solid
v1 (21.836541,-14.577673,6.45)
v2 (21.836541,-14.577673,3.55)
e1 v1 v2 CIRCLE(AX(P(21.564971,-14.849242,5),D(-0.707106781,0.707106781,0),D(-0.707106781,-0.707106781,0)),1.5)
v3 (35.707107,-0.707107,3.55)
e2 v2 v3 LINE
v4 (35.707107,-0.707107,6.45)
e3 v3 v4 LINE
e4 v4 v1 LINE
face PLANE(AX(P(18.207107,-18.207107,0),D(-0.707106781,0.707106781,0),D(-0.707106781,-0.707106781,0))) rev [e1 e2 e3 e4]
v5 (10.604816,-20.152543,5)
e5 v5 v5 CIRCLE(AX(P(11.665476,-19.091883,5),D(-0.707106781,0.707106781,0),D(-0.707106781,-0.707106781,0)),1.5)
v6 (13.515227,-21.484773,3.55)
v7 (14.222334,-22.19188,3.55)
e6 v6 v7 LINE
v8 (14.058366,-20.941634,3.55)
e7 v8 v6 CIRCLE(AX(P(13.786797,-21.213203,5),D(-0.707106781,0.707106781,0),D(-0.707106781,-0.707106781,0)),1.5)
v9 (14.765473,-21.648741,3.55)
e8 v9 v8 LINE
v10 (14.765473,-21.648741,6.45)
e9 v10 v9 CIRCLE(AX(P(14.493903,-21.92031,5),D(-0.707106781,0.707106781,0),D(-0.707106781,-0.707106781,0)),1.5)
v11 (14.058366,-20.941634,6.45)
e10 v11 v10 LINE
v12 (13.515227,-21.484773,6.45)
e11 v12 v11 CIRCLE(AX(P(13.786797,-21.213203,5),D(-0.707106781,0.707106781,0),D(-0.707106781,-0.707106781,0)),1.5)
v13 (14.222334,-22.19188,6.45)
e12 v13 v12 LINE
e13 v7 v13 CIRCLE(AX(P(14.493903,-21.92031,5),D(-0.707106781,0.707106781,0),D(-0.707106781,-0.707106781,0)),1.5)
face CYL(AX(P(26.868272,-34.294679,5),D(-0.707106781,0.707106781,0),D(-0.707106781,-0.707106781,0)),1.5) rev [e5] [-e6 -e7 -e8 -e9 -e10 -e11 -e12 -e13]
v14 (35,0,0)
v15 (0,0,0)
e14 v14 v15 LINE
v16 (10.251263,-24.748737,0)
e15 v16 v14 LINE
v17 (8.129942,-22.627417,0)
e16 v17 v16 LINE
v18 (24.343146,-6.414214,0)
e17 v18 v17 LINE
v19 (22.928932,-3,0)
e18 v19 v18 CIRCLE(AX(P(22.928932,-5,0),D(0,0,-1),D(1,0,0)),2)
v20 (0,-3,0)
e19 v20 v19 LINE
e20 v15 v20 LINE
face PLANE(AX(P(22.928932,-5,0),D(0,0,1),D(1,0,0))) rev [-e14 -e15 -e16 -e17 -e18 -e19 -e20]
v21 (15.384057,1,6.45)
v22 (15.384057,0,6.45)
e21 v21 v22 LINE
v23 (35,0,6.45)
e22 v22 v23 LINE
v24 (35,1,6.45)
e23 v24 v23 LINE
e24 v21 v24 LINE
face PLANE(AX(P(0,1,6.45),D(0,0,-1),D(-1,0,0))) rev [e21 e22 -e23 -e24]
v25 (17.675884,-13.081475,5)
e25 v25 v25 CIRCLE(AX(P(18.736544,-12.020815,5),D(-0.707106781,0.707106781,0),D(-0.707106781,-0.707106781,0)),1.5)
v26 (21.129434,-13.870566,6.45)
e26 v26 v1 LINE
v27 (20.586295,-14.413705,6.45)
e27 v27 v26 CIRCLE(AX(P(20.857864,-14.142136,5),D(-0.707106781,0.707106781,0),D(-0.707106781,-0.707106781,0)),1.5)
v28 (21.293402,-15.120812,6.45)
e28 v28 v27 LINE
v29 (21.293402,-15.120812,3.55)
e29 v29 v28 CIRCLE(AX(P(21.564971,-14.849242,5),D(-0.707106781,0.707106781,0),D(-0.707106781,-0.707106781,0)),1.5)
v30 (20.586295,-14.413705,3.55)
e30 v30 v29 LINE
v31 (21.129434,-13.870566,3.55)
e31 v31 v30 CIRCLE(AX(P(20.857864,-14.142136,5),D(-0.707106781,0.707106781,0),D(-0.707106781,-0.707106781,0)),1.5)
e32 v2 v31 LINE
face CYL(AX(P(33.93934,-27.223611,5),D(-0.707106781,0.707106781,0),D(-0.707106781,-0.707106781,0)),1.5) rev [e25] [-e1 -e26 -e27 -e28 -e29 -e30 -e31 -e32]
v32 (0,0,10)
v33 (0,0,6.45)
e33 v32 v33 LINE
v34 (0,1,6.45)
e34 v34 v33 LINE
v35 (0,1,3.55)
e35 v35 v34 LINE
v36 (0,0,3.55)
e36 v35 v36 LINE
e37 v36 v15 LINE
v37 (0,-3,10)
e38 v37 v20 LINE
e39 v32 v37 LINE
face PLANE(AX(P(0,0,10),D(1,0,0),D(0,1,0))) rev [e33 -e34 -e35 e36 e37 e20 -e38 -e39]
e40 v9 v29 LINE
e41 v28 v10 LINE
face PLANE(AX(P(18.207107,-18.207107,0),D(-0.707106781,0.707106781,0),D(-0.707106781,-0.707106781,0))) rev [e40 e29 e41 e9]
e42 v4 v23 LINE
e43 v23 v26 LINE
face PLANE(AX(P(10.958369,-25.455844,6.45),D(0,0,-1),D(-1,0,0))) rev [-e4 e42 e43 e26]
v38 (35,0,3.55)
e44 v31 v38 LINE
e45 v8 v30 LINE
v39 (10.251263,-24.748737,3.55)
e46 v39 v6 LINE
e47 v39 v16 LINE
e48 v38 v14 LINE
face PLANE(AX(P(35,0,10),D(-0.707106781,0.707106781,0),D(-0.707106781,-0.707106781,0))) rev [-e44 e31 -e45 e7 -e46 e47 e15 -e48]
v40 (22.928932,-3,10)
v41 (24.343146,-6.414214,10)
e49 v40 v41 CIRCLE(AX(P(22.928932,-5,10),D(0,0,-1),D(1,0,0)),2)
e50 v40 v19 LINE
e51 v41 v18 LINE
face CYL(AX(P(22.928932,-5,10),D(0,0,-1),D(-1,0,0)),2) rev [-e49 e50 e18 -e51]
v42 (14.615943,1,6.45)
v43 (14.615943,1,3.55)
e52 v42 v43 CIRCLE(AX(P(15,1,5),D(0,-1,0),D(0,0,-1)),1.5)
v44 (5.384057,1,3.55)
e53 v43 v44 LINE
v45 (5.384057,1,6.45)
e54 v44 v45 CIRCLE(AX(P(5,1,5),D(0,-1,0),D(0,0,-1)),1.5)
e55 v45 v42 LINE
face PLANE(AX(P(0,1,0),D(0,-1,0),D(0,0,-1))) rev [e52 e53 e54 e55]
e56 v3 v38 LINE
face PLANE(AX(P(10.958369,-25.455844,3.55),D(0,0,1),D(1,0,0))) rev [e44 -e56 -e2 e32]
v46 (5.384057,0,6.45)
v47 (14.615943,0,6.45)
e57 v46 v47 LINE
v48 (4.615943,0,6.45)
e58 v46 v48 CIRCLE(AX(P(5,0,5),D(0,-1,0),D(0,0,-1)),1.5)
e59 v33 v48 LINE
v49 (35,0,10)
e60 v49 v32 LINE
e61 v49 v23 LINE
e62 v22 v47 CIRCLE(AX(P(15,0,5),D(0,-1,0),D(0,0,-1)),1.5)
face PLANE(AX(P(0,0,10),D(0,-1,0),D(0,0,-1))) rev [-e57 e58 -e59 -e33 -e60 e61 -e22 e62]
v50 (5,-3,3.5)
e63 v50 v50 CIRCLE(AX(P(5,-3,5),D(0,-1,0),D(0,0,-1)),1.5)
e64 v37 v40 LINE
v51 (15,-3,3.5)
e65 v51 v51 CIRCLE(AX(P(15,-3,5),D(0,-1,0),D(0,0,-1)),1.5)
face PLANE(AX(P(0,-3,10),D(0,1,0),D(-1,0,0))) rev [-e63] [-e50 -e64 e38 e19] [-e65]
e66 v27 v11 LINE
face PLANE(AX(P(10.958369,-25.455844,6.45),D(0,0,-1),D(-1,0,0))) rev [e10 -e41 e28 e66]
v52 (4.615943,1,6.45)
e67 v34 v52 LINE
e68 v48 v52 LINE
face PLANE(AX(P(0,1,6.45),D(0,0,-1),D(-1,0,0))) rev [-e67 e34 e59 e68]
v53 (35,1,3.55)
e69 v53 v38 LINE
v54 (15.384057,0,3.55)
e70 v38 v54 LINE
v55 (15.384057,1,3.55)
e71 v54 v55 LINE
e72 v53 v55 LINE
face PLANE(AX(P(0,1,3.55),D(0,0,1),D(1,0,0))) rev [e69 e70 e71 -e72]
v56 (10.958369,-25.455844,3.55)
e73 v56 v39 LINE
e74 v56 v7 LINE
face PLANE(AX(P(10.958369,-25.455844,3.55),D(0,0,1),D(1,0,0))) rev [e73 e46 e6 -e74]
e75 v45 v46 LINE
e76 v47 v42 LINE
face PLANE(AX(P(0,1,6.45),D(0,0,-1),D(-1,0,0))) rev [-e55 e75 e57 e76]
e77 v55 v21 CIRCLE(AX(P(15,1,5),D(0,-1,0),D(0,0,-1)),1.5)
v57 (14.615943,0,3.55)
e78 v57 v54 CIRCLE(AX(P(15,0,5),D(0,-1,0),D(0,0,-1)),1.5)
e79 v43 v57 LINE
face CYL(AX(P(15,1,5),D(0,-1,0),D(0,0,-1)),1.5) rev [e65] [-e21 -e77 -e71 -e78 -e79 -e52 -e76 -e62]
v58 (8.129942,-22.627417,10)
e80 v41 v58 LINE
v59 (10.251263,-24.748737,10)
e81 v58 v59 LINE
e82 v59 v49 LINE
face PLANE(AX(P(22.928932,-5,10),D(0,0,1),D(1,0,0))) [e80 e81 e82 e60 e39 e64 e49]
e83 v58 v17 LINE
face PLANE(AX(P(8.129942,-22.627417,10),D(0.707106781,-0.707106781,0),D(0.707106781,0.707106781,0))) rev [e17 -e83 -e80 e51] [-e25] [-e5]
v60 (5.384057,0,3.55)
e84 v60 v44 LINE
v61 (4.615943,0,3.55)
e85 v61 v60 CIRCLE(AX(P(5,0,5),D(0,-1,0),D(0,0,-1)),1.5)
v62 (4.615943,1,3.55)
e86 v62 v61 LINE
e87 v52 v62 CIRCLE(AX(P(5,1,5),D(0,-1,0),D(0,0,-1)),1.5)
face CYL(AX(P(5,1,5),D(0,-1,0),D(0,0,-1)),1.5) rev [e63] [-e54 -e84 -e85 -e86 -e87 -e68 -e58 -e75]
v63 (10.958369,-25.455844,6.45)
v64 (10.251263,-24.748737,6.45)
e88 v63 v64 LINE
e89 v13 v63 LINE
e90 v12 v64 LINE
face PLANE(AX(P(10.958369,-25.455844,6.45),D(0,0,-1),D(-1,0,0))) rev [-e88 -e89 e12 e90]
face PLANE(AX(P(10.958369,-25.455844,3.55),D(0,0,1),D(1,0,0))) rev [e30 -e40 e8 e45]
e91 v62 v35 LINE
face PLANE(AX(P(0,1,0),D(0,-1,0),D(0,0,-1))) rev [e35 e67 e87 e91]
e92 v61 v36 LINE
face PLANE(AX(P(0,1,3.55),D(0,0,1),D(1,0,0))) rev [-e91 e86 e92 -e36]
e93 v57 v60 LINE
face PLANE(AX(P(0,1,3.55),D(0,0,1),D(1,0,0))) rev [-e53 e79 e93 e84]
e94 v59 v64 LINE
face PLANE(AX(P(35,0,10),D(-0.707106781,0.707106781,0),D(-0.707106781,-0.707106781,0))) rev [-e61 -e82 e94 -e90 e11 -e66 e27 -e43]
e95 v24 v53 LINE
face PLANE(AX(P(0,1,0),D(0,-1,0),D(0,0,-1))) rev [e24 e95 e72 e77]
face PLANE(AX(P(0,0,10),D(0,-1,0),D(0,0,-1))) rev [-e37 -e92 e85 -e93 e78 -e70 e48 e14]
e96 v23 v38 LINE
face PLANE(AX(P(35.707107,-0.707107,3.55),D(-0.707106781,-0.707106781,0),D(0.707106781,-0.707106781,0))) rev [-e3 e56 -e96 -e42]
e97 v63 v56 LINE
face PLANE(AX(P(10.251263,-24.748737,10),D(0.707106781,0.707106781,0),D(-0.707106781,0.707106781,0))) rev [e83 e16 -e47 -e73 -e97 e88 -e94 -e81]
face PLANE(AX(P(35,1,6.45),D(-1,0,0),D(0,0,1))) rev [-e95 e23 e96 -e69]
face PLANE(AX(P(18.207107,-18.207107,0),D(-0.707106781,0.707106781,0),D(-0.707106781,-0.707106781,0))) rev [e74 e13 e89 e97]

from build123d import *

# Parameters (mm, degrees)
BOSS_EXTRU_1_DEPTH      = 10
ESQUISSE2_W             = 35
ESQUISSE2_H             = 2.9
BOSS_EXTRU_2_DEPTH      = 1
ESQUISSE3_W             = 35
ESQUISSE3_H             = 2.9
BOSS_EXTRU_3_DEPTH      = 1
ESQUISSE4_R             = 1.5
ENL_V_MAT_EXTRU_1_DEPTH = 5
ESQUISSE5_R             = 1.5
ENL_V_MAT_EXTRU_2_DEPTH = 22.5


with BuildPart() as part:
    # Esquisse1 → Boss.-Extru.1 (new body)
    with BuildSketch(Plane.XY):
        with BuildLine():
            Line((0, 0), (35, 0))
            Line((35, 0), (10.251262658, -24.748737342))
            Line((10.251262658, -24.748737342), (8.129942315, -22.627416998))
            Line((8.129942315, -22.627416998), (24.343145751, -6.414213562))
            ThreePointArc((24.343145751, -6.414213562), (24.776691253, -4.234633135), (22.928932188, -3))
            Line((22.928932188, -3), (0, -3))
            Line((0, -3), (0, 0))
        make_face()
    extrude(amount=BOSS_EXTRU_1_DEPTH)

    # Esquisse2 → Boss.-Extru.2 (add)
    with BuildSketch(Plane(origin=(0, 0, 0), x_dir=(1, 0, 0), z_dir=(0, 1, 0))):
        with Locations((17.5, -5)):
            Rectangle(ESQUISSE2_W, ESQUISSE2_H)
    extrude(amount=BOSS_EXTRU_2_DEPTH)

    # Esquisse3 → Boss.-Extru.3 (add)
    with BuildSketch(Plane(origin=(17.5, -17.5, 0), x_dir=(0.707106781, 0.707106781, 0), z_dir=(0.707106781, -0.707106781, 0))):
        with Locations((7.248737342, 5)):
            Rectangle(ESQUISSE3_W, ESQUISSE3_H)
    extrude(amount=BOSS_EXTRU_3_DEPTH)

    # Esquisse4 → Enlèv. mat.-Extru.1 (cut, through all)
    with BuildSketch(Plane.XZ.offset(3)):
        with Locations((5, 5)):
            Circle(ESQUISSE4_R)
        with Locations((15, 5)):
            Circle(ESQUISSE4_R)
    extrude(amount=-ENL_V_MAT_EXTRU_1_DEPTH, mode=Mode.SUBTRACT)

    # Esquisse5 → Enlèv. mat.-Extru.2 (cut, through all)
    with BuildSketch(Plane(origin=(15.378679656, -15.378679656, 0), x_dir=(0.707106781, 0.707106781, 0), z_dir=(-0.707106781, 0.707106781, 0))):
        with Locations((-5.251262658, -5)):
            Circle(ESQUISSE5_R)
        with Locations((4.748737342, -5)):
            Circle(ESQUISSE5_R)
    extrude(amount=-ENL_V_MAT_EXTRU_2_DEPTH, mode=Mode.SUBTRACT)


solid = part.part
